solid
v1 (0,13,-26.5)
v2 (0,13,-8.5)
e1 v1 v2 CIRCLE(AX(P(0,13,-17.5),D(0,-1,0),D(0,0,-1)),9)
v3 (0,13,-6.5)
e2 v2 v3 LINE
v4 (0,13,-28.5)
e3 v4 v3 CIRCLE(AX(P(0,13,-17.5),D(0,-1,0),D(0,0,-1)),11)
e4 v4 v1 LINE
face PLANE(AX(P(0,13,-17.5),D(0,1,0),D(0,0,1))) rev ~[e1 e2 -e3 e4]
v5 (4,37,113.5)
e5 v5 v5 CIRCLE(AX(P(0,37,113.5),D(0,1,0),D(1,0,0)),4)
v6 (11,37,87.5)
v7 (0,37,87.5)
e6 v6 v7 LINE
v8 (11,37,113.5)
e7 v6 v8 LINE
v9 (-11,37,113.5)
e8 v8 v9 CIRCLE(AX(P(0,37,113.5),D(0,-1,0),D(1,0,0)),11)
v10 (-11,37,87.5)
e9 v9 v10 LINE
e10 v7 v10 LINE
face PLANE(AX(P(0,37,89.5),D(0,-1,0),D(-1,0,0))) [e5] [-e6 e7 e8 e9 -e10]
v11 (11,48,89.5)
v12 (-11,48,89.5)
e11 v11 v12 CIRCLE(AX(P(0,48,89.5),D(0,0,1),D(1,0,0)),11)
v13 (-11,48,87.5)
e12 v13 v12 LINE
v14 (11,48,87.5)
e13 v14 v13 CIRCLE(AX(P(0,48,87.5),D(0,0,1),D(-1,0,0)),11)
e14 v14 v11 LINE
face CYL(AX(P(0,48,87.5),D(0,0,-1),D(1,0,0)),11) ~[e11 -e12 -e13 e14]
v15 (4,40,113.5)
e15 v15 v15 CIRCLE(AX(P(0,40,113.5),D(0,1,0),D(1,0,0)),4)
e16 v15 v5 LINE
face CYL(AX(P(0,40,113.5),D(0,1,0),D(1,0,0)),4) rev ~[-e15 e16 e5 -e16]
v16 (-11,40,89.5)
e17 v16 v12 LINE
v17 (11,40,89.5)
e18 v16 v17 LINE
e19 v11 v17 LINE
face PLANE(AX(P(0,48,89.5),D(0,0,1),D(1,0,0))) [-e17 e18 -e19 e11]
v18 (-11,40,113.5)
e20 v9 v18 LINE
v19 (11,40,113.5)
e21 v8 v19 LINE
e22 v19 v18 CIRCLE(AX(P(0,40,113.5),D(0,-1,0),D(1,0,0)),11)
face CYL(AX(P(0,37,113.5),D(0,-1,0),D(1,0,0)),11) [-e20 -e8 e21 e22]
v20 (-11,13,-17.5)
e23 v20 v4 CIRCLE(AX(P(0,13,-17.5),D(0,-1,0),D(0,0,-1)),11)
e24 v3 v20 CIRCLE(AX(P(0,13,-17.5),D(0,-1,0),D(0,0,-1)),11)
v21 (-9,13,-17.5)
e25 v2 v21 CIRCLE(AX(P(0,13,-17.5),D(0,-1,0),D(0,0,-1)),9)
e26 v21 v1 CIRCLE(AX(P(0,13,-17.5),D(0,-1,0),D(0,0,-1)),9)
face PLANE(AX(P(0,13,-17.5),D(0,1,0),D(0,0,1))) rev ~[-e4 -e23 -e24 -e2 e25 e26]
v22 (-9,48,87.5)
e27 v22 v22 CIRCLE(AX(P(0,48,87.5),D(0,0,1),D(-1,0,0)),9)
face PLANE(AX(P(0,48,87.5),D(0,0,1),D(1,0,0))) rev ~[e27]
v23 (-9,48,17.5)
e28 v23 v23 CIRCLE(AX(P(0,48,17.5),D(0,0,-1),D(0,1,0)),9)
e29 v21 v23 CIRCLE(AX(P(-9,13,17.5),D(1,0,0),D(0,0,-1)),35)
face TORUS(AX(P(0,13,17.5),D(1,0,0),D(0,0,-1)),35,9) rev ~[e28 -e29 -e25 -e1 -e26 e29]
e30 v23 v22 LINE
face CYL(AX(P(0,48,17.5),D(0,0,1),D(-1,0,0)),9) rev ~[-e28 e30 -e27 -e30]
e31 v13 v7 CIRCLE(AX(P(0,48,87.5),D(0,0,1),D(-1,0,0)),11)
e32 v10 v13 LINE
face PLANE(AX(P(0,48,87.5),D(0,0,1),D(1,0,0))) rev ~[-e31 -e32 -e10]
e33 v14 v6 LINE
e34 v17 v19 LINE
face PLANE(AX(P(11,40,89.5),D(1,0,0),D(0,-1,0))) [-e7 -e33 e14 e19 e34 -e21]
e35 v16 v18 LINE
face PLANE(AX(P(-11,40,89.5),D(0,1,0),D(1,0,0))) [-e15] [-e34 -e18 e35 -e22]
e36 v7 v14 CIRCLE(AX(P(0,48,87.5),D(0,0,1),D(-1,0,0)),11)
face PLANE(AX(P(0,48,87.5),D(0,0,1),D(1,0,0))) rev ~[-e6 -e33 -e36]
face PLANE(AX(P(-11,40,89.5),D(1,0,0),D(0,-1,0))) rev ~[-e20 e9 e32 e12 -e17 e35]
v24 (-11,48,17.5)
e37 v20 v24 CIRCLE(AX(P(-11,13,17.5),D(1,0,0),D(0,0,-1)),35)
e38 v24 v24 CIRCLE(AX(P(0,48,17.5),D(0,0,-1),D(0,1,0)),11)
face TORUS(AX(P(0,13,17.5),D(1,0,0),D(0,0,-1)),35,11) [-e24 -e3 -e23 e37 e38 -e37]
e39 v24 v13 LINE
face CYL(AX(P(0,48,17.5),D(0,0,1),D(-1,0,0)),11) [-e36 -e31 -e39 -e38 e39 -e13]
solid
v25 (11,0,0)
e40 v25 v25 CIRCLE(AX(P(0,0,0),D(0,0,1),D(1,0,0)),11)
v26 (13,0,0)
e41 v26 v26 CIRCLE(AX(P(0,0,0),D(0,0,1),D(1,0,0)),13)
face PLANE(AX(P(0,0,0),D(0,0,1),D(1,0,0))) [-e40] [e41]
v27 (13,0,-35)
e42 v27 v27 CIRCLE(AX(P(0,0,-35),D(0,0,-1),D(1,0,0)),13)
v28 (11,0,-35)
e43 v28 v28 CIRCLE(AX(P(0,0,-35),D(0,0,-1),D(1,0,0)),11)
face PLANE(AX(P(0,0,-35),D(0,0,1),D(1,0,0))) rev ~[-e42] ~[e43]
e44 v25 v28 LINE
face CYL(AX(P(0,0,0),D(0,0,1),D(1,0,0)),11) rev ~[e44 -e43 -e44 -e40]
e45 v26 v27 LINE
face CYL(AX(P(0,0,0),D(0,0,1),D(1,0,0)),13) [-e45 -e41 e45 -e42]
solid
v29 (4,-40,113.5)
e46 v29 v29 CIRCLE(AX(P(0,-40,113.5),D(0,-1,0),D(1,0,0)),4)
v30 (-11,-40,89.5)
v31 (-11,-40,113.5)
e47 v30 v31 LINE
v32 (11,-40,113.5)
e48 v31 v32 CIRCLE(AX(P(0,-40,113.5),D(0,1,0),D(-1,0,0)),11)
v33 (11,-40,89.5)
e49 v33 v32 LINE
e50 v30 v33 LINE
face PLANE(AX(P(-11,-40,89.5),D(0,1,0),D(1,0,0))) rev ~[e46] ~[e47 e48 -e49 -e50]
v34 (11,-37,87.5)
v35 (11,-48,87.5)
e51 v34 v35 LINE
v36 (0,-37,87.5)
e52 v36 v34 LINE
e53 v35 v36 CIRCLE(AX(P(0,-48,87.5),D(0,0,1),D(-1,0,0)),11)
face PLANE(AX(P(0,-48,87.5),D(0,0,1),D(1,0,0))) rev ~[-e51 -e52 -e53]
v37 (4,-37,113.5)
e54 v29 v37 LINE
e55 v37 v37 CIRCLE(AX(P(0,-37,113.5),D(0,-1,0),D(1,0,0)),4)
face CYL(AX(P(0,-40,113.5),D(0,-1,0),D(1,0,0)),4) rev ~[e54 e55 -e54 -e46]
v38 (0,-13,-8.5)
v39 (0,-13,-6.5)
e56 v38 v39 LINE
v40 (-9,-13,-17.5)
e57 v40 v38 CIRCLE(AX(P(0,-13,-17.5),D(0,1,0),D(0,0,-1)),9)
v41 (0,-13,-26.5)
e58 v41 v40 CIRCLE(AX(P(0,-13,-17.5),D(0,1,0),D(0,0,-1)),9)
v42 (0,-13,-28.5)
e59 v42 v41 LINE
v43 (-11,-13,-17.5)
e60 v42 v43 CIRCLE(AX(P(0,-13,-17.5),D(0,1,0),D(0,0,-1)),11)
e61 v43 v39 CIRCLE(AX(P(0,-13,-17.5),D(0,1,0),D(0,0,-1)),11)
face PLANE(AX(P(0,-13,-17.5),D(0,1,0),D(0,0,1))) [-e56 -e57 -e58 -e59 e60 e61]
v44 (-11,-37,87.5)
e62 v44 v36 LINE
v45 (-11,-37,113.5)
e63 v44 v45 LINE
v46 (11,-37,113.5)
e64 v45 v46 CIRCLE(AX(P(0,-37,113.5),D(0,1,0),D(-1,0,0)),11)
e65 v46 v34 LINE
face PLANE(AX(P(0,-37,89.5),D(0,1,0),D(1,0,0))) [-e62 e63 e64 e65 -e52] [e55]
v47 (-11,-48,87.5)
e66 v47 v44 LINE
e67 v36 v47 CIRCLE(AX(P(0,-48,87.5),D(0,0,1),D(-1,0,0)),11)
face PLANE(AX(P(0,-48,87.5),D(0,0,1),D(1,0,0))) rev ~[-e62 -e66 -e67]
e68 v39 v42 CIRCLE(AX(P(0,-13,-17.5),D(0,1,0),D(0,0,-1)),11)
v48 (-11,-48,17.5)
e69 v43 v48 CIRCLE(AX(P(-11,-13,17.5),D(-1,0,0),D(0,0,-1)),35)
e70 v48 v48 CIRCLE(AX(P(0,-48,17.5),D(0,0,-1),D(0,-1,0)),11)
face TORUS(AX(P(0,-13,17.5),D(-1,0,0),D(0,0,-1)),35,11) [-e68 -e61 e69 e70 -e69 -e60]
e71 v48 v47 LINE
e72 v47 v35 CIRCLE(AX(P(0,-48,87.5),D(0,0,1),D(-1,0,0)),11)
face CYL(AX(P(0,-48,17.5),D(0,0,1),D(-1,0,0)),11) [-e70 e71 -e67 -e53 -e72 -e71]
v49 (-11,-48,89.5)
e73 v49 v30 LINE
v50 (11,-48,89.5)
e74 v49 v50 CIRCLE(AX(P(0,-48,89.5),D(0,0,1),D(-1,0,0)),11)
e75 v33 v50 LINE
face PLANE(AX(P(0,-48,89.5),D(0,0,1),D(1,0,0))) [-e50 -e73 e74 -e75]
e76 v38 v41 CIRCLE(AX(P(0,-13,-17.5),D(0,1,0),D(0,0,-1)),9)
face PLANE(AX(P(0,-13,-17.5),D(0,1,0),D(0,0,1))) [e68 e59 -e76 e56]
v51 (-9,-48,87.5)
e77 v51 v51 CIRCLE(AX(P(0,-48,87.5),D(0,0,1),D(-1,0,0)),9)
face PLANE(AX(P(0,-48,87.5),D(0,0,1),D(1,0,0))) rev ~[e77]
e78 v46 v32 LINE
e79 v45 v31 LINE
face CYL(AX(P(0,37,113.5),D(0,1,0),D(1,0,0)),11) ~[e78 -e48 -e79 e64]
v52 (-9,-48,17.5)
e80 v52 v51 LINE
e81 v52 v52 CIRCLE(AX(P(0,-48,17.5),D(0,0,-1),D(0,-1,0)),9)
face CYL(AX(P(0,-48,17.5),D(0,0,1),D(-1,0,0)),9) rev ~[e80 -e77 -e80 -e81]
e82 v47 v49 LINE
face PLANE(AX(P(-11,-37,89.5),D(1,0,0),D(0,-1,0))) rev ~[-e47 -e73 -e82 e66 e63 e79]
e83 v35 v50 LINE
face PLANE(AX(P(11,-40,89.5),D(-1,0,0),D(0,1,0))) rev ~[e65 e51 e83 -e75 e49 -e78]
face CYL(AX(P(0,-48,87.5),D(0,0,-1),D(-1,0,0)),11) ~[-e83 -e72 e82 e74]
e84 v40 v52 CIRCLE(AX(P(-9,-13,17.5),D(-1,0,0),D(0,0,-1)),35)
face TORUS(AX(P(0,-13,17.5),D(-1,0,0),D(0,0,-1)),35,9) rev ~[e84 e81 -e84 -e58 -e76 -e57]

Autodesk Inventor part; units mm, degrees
ref_plane "YZ Plane" through (0, 0, 0) normal (1, 0, 0) x (0, 1, 0)
sketch "Sketch3" plane through (0, 0, 0) normal (0, 0, 1) x (1, 0, 0)
  line L0 (-18.2, 0) -> (18.2, 0) projected
  line L1 (0, -18.2) -> (0, 18.2) projected
  circle A0 centre (0, 0) radius 13
  circle A1 centre (0, 0) radius 11
  dimension "d0" = 26
  dimension "d1" = 22
extrude "Extrusion1" add sketch "Sketch3" against normal blind 35 contours A1 L1 A0 L0 | L0 A0 L1 A1 | A1 L0 A0 L1 | L1 A0 L0 A1
ref_plane "Work Plane1" through (0, 13, 0) normal (0, 1, 0) x (-1, 0, 0)
sketch "Sketch4" plane through (0, 13, 0) normal (0, 1, 0) x (-1, 0, 0)
  line L0 (25.4907, 0) -> (-28.3112, 0) construction
  line L1 (21.6581, -35) -> (-31.1069, -35) construction
  line L2 (0, -47.4243) -> (0, 5.663) construction
  circle A0 centre (0, -17.5) radius 11
  circle A1 centre (0, -17.5) radius 9
  point P0 (0, 0)
  dimension "d4" = 35
  dimension "d5" = 17.5
  dimension "d9" = 22
  dimension "d10" = 18
sketch3d "3D Sketch1"
  arc A0 (0, 13, -17.5) -> (0, 48, 17.5) centre (0, 13, 17.5) ccw
  line L0 (0, 48, 17.5) -> (0, 48, 87.5)
  dimension "d6" = 35
  dimension "d7" = 105
  dimension "d8" = 35
sweep "Sweep1" add profiles "Sketch4" path "3D Sketch1"
sketch "Sketch5" plane through (0, 48, 87.5) normal (0, 0, 1) x (1, 0, 0)
  line L0 (11, 0) -> (11, -11)
  line L1 (11, -11) -> (-11, -11)
  line L2 (-11, -11) -> (-11, 0)
  line L3 (-11, 11) -> (11, -11) construction
  line L4 (11, 11) -> (-11, -11) construction
  arc A0 (11, 0) -> (-11, 0) centre (0, 0) ccw
  point P0 (0, -48)
  dimension "d13" = 22
  dimension "d14" = 22
extrude "Extrusion2" add sketch "Sketch5" along normal blind 2
sketch "Sketch6" plane through (0, 48, 89.5) normal (0, 0, 1) x (1, 0, 0)
  line L0 (0, -11) -> (11, -11) projected
  line L1 (-11, 0) -> (-11, -11) projected
  line L2 (11, -11) -> (-11, -11)
  line L3 (-11, -11) -> (-11, -8)
  line L4 (-11, -8) -> (11, -8)
  line L5 (11, -8) -> (11, -11)
  point P0 (0, -48)
  dimension "d17" = 3
extrude "Extrusion3" add sketch "Sketch6" along normal blind 35
sketch "Sketch7" plane through (-11, 37, 87.5) normal (0, -1, 0) x (1, 0, 0)
  line L0 (22, 0) -> (22, 37) projected
  line L1 (0, 0) -> (0, 37) projected
  arc A0 (22, 26) -> (0, 26) centre (11, 26) ccw
  line L2 (0, 37) -> (22, 37) projected
  point P0 (11, -87.5)
  point P1 (11, 37)
  dimension "d20" = 11
extrude "Extrusion4" cut sketch "Sketch7" against normal up to surface (3 mm away)
sketch "Sketch8" plane through (-11, 40, 89.5) normal (0, 1, 0) x (1, 0, 0)
  circle A0 centre (11, -24) radius 4
  arc A1 (0, -24) -> (22, -24) centre (11, -24) ccw projected
  point P0 (11, 89.5)
  dimension "d23" = 8
  dimension "d24" = 0
extrude "Extrusion5" cut sketch "Sketch8" against normal up to next
ref_plane "Work Plane2" through (0, -13, 0) normal (0, 1, 0) x (-1, 0, 0)
sketch "Sketch11" plane through (0, -13, 0) normal (0, 1, 0) x (-1, 0, 0)
  line L0 (25.4907, 0) -> (-28.3112, 0) construction
  line L1 (21.6581, -35) -> (-31.1069, -35) construction
  line L2 (0, -47.4243) -> (0, 5.663) construction
  circle A0 centre (0, -17.5) radius 11
  circle A1 centre (0, -17.5) radius 9
  point P0 (0, 0)
  dimension "d27" = 35
  dimension "d28" = 17.5
  dimension "d29" = 22
  dimension "d30" = 18
sketch3d "3D Sketch2"
  arc A0 (0, -13, -17.5) -> (0, -48, 17.5) centre (0, -13, 17.5) ccw
  line L0 (0, -48, 17.5) -> (0, -48, 87.5)
  dimension "d31" = 35
  dimension "d32" = 105
  dimension "d33" = 35
sweep "Sweep2" add profiles "Sketch11" path "3D Sketch2"
sketch "Sketch12" plane through (0, -48, 87.5) normal (0, 0, 1) x (1, 0, 0)
  line L0 (-11, 11) -> (11, 11)
  line L1 (11, 11) -> (11, 0)
  line L2 (-11, 0) -> (-11, 11)
  line L3 (-11, 11) -> (11, -11) construction
  line L4 (11, 11) -> (-11, -11) construction
  arc A0 (-11, 0) -> (11, 0) centre (0, 0) ccw
  point P0 (0, 48)
  dimension "d40" = 22
  dimension "d41" = 22
extrude "Extrusion6" add sketch "Sketch12" along normal blind 2
sketch "Sketch13" plane through (0, -48, 89.5) normal (0, 0, 1) x (1, 0, 0)
  line L0 (0, 11) -> (11, 11) projected
  line L1 (11, 11) -> (-11, 11)
  line L2 (-11, 11) -> (-11, 8)
  line L3 (-11, 8) -> (11, 8)
  line L4 (11, 8) -> (11, 11)
  point P0 (0, 48)
  dimension "d44" = 22
  dimension "d45" = 3
extrude "Extrusion7" add sketch "Sketch13" along normal blind 35
extrude "Extrusion8" cut sketch "Sketch7" along normal up to surface (77 mm away)
sketch "Sketch16" plane through (-11, -40, 89.5) normal (0, -1, 0) x (1, 0, 0)
  circle A0 centre (11, 24) radius 4 projected
  circle A1 centre (11, 24) radius 4
  point P0 (11, -89.5)
  dimension "d53" = 8
extrude "Extrusion9" cut sketch "Sketch16" against normal up to next
equation "\"d5\" = 0.5 * d4"
equation "\"d13\" = d14"
equation "\"d28\" = 0.5 * d27"
equation "\"d41\" = d40"
equation "\"BendRadius\" = Thickness"
equation "\"BendReliefWidth\" = Thickness"
equation "\"BendReliefDepth\" = 0.5 * Thickness"
equation "\"CornerReliefSize\" = 4 * Thickness"
equation "\"MinimumRemnant\" = 2 * Thickness"
equation "\"TransitionRadius\" = BendRadius"
equation "\"JacobiRadiusSize\" = BendRadius"
equation "\"GapSize\" = Thickness"
equation "\"Thickness\" = 0.5"
properties part number "Wheel holder on handle bars axle"
